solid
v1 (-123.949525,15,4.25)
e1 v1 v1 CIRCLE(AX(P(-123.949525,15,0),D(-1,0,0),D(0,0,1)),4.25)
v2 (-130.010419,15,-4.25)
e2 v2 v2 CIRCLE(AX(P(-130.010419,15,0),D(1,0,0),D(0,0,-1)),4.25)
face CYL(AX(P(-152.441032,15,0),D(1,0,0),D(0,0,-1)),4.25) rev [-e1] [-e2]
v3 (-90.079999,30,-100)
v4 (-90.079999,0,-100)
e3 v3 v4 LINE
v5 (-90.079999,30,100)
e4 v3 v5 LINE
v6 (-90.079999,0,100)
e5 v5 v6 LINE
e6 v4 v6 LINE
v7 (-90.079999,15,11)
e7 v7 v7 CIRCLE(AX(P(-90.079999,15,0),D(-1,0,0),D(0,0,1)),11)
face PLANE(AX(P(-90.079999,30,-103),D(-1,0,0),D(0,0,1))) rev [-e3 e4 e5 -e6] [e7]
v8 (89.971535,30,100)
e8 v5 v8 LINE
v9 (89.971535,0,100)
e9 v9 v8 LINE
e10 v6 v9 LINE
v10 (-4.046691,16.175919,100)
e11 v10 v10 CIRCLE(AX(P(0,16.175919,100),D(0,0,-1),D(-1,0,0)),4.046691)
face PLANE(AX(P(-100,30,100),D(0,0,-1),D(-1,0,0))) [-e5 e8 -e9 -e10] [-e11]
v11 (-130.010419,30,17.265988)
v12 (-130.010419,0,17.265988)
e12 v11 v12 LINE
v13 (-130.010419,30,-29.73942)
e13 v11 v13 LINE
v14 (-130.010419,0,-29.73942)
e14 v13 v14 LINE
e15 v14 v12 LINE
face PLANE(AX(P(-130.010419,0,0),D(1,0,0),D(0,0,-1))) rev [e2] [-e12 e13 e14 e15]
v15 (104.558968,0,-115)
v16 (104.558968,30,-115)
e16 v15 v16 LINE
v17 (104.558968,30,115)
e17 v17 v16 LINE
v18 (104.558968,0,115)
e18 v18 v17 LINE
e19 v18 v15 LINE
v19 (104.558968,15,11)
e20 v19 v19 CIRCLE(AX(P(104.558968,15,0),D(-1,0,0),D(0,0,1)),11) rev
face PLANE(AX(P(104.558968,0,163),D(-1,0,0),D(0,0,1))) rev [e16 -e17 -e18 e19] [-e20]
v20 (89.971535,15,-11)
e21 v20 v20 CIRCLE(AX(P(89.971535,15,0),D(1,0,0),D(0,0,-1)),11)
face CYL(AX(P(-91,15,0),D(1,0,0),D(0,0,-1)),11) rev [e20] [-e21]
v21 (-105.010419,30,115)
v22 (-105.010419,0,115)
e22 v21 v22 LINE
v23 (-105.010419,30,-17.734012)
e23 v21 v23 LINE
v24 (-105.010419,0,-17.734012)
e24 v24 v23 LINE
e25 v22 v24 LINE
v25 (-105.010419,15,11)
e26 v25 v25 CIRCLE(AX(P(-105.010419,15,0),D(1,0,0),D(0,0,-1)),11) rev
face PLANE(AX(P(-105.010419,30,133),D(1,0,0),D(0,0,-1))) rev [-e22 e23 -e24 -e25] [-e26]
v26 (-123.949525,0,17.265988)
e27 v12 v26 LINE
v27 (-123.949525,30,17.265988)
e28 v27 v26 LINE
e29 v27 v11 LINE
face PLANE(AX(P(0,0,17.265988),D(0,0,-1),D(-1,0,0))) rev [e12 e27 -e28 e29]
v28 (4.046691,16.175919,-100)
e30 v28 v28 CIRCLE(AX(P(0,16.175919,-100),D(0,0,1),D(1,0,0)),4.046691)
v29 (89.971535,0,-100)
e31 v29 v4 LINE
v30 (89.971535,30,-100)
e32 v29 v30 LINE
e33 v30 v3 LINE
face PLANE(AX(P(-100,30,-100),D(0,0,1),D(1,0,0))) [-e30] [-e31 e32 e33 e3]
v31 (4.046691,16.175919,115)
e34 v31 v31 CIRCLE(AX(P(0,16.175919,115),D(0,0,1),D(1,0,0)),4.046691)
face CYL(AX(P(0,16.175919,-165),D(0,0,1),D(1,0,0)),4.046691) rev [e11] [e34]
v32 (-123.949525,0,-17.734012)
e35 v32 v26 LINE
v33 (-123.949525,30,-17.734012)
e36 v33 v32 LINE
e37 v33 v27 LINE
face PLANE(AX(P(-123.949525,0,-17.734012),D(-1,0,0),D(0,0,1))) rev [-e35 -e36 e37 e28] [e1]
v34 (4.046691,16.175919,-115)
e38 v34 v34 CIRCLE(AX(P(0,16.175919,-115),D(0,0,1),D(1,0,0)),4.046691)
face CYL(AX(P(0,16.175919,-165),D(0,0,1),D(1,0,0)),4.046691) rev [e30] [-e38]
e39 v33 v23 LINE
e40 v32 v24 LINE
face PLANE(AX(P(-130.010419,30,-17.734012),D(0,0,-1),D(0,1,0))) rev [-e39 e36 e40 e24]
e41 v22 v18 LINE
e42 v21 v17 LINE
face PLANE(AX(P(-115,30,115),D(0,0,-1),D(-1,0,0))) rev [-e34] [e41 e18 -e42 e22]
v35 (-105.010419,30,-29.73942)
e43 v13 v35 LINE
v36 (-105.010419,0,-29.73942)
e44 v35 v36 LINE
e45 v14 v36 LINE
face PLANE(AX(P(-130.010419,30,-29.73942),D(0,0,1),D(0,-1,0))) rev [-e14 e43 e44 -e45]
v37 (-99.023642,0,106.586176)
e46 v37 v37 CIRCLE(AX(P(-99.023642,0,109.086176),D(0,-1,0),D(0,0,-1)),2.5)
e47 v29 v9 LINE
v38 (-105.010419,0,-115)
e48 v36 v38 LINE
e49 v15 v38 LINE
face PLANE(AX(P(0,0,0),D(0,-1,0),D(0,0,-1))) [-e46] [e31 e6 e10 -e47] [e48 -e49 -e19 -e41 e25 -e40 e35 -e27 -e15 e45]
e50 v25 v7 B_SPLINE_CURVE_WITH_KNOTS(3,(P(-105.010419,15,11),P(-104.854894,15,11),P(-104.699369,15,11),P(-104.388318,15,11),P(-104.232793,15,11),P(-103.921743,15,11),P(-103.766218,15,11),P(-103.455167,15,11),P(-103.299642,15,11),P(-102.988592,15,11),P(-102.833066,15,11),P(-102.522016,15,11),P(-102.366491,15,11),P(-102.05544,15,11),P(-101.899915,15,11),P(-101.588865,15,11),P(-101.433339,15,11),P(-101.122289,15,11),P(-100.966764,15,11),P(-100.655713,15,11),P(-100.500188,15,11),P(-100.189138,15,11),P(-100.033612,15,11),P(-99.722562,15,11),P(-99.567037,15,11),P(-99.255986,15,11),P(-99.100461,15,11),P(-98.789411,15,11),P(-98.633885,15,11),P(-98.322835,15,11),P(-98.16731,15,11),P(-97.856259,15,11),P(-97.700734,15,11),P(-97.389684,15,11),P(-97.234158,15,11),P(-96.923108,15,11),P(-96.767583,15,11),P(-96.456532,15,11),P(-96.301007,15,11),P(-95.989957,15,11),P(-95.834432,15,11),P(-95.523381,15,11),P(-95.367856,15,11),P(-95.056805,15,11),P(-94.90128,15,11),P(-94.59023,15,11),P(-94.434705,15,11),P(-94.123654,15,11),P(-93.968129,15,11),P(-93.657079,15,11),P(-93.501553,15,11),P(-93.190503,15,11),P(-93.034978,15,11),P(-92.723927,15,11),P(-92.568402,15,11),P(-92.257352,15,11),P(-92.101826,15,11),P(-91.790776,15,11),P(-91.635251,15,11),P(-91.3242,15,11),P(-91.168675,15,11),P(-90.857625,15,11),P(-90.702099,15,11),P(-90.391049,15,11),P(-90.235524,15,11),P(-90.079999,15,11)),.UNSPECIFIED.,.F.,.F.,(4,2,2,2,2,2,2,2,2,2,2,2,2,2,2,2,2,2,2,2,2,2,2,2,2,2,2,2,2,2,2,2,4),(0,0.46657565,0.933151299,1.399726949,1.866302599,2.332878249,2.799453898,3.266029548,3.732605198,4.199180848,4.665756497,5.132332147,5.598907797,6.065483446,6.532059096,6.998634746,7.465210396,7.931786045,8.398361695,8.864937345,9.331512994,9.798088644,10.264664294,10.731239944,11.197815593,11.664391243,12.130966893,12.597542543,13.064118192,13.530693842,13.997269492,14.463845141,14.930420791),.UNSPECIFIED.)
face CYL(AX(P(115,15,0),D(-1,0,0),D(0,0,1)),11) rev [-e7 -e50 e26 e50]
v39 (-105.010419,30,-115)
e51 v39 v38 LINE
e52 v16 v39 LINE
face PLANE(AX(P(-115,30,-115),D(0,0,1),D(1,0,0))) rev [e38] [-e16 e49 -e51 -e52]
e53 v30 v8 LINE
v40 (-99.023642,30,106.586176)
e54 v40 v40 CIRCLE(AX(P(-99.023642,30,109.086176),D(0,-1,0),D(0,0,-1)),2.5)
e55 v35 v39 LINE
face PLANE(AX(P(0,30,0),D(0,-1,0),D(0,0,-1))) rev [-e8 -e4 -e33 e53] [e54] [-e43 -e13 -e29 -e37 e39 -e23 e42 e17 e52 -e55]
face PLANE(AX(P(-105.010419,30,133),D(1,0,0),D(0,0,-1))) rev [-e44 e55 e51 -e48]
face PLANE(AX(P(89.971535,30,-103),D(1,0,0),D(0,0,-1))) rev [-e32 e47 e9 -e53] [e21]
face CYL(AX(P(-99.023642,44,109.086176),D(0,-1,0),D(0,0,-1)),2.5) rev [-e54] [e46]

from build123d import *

# Parameters (mm, degrees)
SKETCH1_W            = 230
SKETCH1_H            = 230
SKETCH1_W_2          = 200
SKETCH1_H_2          = 200
BOSS_EXTRUDE1_DEPTH  = 30
SKETCH2_R            = 11
CUT_EXTRUDE3_DEPTH   = 206
SKETCH3_W            = 12.648408852
SKETCH3_H            = 30
BOSS_EXTRUDE2_DEPTH  = 28
SKETCH4_W            = 33.277006623
SKETCH4_H            = 30
BOSS_EXTRUDE4_DEPTH  = 41
SKETCH6_R            = 4
CUT_EXTRUDE4_DEPTH   = 218
SKETCH8_R            = 4.046690546
CUT_EXTRUDE6_DEPTH   = 280
CUT_EXTRUDE7_START   = -230
SKETCH9_R            = 11
CUT_EXTRUDE7_DEPTH   = 230
SKETCH11_W           = 19.776160892
SKETCH11_H           = 30
CUT_EXTRUDE8_DEPTH   = 41
SKETCH12_R           = 4
CUT_EXTRUDE9_DEPTH   = 264
SKETCH13_R           = 4
CUT_EXTRUDE10_DEPTH  = 264
SKETCH15_W           = 8.223839108
SKETCH15_H           = 30
CUT_EXTRUDE11_DEPTH  = 64
SKETCH16_W           = 6.512440182
SKETCH16_H           = 30
BOSS_EXTRUDE5_DEPTH  = 40
SKETCH17_R           = 4
CUT_EXTRUDE12_DEPTH  = 276
SKETCH18_W           = 10.028465144
SKETCH18_H           = 30
BOSS_EXTRUDE6_DEPTH  = 203
SKETCH19_W           = 9.920001469
SKETCH19_H           = 30
BOSS_EXTRUDE7_DEPTH  = 203
SKETCH21_W           = 19.776160892
SKETCH21_H           = 30
CUT_EXTRUDE13_DEPTH  = 203
SKETCH22_W           = 10.441032334
SKETCH22_H           = 30
CUT_EXTRUDE14_DEPTH  = 278
SKETCH23_W           = 4.062093177
SKETCH23_H           = 12.100968139
BOSS_EXTRUDE8_DEPTH  = 30
SKETCH24_W           = 9.989580678
SKETCH24_H           = 30
CUT_EXTRUDE15_DEPTH  = 248
CUT_EXTRUDE16_START  = -248
SKETCH25_R           = 11
CUT_EXTRUDE16_DEPTH  = 248
SKETCH26_W           = 12.005407817
SKETCH26_H           = 30
BOSS_EXTRUDE9_DEPTH  = 25
SKETCH27_W           = 9.568763957
SKETCH27_H           = 30
BOSS_EXTRUDE10_DEPTH = 35
SKETCH28_W           = 3.507869301
SKETCH28_H           = 30
CUT_EXTRUDE17_DEPTH  = 35
SKETCH29_R           = 4.25
CUT_EXTRUDE18_DEPTH  = 257
SKETCH33_R           = 2.5
CUT_EXTRUDE20_DEPTH  = 44


with BuildPart() as part:
    # Sketch1 → Boss-Extrude1 (new body)
    with BuildSketch(Plane(origin=(0, 0, 0), x_dir=(1, 0, 0), z_dir=(0, 1, 0))):
        Rectangle(SKETCH1_W, SKETCH1_H)
        Rectangle(SKETCH1_W_2, SKETCH1_H_2, mode=Mode.SUBTRACT)
    extrude(amount=BOSS_EXTRUDE1_DEPTH)

    # Sketch2 → Cut-Extrude3 (cut)
    with BuildSketch(Plane(origin=(115, 0, 0), x_dir=(0, 0, -1), z_dir=(1, 0, 0))):
        with Locations((0, 15)):
            Circle(SKETCH2_R)
    extrude(amount=-CUT_EXTRUDE3_DEPTH, mode=Mode.SUBTRACT)

    # Sketch3 → Boss-Extrude2 (add)
    with BuildSketch(Plane(origin=(115, 0, 0), x_dir=(0, 0, -1), z_dir=(1, 0, 0))):
        with Locations((26.610788675, 15)):
            Rectangle(SKETCH3_W, SKETCH3_H)
    extrude(amount=BOSS_EXTRUDE2_DEPTH)

    # Sketch4 → Boss-Extrude4 (add)
    with BuildSketch(Plane.XY.offset(-20.286584249)):
        with Locations((126.361496689, 15)):
            Rectangle(SKETCH4_W, SKETCH4_H)
    extrude(amount=BOSS_EXTRUDE4_DEPTH)

    # Sketch6 → Cut-Extrude4 (cut)
    with BuildSketch(Plane.ZY.offset(115)):
        with Locations((0, 15)):
            Circle(SKETCH6_R)
    extrude(amount=-CUT_EXTRUDE4_DEPTH, mode=Mode.SUBTRACT)

    # Sketch8 → Cut-Extrude6 (cut)
    with BuildSketch(Plane.XY.offset(115)):
        with Locations((0, 16.175919114)):
            Circle(SKETCH8_R)
    extrude(amount=-CUT_EXTRUDE6_DEPTH, mode=Mode.SUBTRACT)

    # Sketch9 → Cut-Extrude7 (cut)
    with BuildSketch(Plane.ZY.offset(115).offset(CUT_EXTRUDE7_START)):
        with Locations((0, 15)):
            Circle(SKETCH9_R)
    extrude(amount=CUT_EXTRUDE7_DEPTH, mode=Mode.SUBTRACT)

    # Sketch11 → Cut-Extrude8 (cut)
    with BuildSketch(Plane.XY.offset(20.713415751)):
        with Locations((124.888080446, 15)):
            Rectangle(SKETCH11_W, SKETCH11_H)
    extrude(amount=-CUT_EXTRUDE8_DEPTH, mode=Mode.SUBTRACT)

    # Sketch12 → Cut-Extrude9 (cut)
    with BuildSketch(Plane.ZY.offset(115)):
        with Locations((0, 15)):
            Circle(SKETCH12_R)
    extrude(amount=-CUT_EXTRUDE9_DEPTH, mode=Mode.SUBTRACT)

    # Sketch13 → Cut-Extrude10 (cut)
    with BuildSketch(Plane(origin=(0, 30, 0), x_dir=(1, 0, 0), z_dir=(0, 1, 0))):
        with Locations(Location((106.851068212, -106.17718303, 0), (0, 0, 270))):
            Circle(SKETCH13_R)
    extrude(amount=-CUT_EXTRUDE10_DEPTH, mode=Mode.SUBTRACT)

    # Sketch15 → Cut-Extrude11 (cut)
    with BuildSketch(Plane.XY.offset(20.713415751)):
        with Locations((138.888080446, 15)):
            Rectangle(SKETCH15_W, SKETCH15_H)
    extrude(amount=-CUT_EXTRUDE11_DEPTH, mode=Mode.SUBTRACT)

    # Sketch16 → Boss-Extrude5 (add)
    with BuildSketch(Plane.XY.offset(-20.286584249)):
        with Locations((131.519940801, 15)):
            Rectangle(SKETCH16_W, SKETCH16_H)
    extrude(amount=BOSS_EXTRUDE5_DEPTH)

    # Sketch17 → Cut-Extrude12 (cut)
    with BuildSketch(Plane.ZY.offset(115)):
        with Locations((0, 15)):
            Circle(SKETCH17_R)
    extrude(amount=-CUT_EXTRUDE12_DEPTH, mode=Mode.SUBTRACT)

    # Sketch18 → Boss-Extrude6 (add)
    with BuildSketch(Plane(origin=(0, 0, 100), x_dir=(-1, 0, 0), z_dir=(0, 0, -1))):
        with Locations((-94.985767428, 15)):
            Rectangle(SKETCH18_W, SKETCH18_H)
    extrude(amount=BOSS_EXTRUDE6_DEPTH)

    # Sketch19 → Boss-Extrude7 (add)
    with BuildSketch(Plane(origin=(0, 0, 100), x_dir=(-1, 0, 0), z_dir=(0, 0, -1))):
        with Locations((95.039999266, 15)):
            Rectangle(SKETCH19_W, SKETCH19_H)
    extrude(amount=BOSS_EXTRUDE7_DEPTH)

    # Sketch21 → Cut-Extrude13 (cut)
    with BuildSketch(Plane(origin=(0, 0, -32.934993101), x_dir=(-1, 0, 0), z_dir=(0, 0, -1))):
        with Locations((-124.888080446, 15)):
            Rectangle(SKETCH21_W, SKETCH21_H)
    extrude(amount=-CUT_EXTRUDE13_DEPTH, mode=Mode.SUBTRACT)

    # Sketch22 → Cut-Extrude14 (cut)
    with BuildSketch(Plane(origin=(0, 0, -115), x_dir=(-1, 0, 0), z_dir=(0, 0, -1))):
        with Locations((-109.779483833, 15)):
            Rectangle(SKETCH22_W, SKETCH22_H)
    extrude(amount=-CUT_EXTRUDE14_DEPTH, mode=Mode.SUBTRACT)

    # Sketch23 → Boss-Extrude8 (add)
    with BuildSketch(Plane(origin=(0, 30, 0), x_dir=(1, 0, 0), z_dir=(0, 1, 0))):
        with Locations((102.527921077, -108.949515931)):
            Rectangle(SKETCH23_W, SKETCH23_H)
    extrude(amount=-BOSS_EXTRUDE8_DEPTH)

    # Sketch24 → Cut-Extrude15 (cut)
    with BuildSketch(Plane(origin=(0, 0, -115), x_dir=(-1, 0, 0), z_dir=(0, 0, -1))):
        with Locations((110.005209661, 15)):
            Rectangle(SKETCH24_W, SKETCH24_H)
    extrude(amount=-CUT_EXTRUDE15_DEPTH, mode=Mode.SUBTRACT)

    # Sketch25 → Cut-Extrude16 (cut)
    with BuildSketch(Plane.ZY.offset(105.010419322).offset(CUT_EXTRUDE16_START)):
        with Locations(Location((0, 15, 0), (0, 0, 180))):
            Circle(SKETCH25_R)
    extrude(amount=CUT_EXTRUDE16_DEPTH, mode=Mode.SUBTRACT)

    # Sketch26 → Boss-Extrude9 (add)
    with BuildSketch(Plane.ZY.offset(105.010419322)):
        with Locations((-23.736715717, 15)):
            Rectangle(SKETCH26_W, SKETCH26_H)
    extrude(amount=BOSS_EXTRUDE9_DEPTH)

    # Sketch27 → Boss-Extrude10 (add)
    with BuildSketch(Plane.XY.offset(-17.734011808)):
        with Locations((-125.226037344, 15)):
            Rectangle(SKETCH27_W, SKETCH27_H)
    extrude(amount=BOSS_EXTRUDE10_DEPTH)

    # Sketch28 → Cut-Extrude17 (cut)
    with BuildSketch(Plane.XY.offset(17.265988192)):
        with Locations((-122.195590016, 15)):
            Rectangle(SKETCH28_W, SKETCH28_H)
    extrude(amount=-CUT_EXTRUDE17_DEPTH, mode=Mode.SUBTRACT)

    # Sketch29 → Cut-Extrude18 (cut)
    with BuildSketch(Plane(origin=(104.558967666, 0, 0), x_dir=(0, 0, -1), z_dir=(1, 0, 0))):
        with Locations((0, 15)):
            Circle(SKETCH29_R)
    extrude(amount=-CUT_EXTRUDE18_DEPTH, mode=Mode.SUBTRACT)

    # Sketch33 → Cut-Extrude20 (cut)
    with BuildSketch(Plane(origin=(0, 0, 0), x_dir=(-1, 0, 0), z_dir=(0, -1, 0))):
        with Locations(Location((99.023642446, -109.086175653, 0), (0, 0, 90))):
            Circle(SKETCH33_R)
    extrude(amount=-CUT_EXTRUDE20_DEPTH, mode=Mode.SUBTRACT)


solid = part.part
